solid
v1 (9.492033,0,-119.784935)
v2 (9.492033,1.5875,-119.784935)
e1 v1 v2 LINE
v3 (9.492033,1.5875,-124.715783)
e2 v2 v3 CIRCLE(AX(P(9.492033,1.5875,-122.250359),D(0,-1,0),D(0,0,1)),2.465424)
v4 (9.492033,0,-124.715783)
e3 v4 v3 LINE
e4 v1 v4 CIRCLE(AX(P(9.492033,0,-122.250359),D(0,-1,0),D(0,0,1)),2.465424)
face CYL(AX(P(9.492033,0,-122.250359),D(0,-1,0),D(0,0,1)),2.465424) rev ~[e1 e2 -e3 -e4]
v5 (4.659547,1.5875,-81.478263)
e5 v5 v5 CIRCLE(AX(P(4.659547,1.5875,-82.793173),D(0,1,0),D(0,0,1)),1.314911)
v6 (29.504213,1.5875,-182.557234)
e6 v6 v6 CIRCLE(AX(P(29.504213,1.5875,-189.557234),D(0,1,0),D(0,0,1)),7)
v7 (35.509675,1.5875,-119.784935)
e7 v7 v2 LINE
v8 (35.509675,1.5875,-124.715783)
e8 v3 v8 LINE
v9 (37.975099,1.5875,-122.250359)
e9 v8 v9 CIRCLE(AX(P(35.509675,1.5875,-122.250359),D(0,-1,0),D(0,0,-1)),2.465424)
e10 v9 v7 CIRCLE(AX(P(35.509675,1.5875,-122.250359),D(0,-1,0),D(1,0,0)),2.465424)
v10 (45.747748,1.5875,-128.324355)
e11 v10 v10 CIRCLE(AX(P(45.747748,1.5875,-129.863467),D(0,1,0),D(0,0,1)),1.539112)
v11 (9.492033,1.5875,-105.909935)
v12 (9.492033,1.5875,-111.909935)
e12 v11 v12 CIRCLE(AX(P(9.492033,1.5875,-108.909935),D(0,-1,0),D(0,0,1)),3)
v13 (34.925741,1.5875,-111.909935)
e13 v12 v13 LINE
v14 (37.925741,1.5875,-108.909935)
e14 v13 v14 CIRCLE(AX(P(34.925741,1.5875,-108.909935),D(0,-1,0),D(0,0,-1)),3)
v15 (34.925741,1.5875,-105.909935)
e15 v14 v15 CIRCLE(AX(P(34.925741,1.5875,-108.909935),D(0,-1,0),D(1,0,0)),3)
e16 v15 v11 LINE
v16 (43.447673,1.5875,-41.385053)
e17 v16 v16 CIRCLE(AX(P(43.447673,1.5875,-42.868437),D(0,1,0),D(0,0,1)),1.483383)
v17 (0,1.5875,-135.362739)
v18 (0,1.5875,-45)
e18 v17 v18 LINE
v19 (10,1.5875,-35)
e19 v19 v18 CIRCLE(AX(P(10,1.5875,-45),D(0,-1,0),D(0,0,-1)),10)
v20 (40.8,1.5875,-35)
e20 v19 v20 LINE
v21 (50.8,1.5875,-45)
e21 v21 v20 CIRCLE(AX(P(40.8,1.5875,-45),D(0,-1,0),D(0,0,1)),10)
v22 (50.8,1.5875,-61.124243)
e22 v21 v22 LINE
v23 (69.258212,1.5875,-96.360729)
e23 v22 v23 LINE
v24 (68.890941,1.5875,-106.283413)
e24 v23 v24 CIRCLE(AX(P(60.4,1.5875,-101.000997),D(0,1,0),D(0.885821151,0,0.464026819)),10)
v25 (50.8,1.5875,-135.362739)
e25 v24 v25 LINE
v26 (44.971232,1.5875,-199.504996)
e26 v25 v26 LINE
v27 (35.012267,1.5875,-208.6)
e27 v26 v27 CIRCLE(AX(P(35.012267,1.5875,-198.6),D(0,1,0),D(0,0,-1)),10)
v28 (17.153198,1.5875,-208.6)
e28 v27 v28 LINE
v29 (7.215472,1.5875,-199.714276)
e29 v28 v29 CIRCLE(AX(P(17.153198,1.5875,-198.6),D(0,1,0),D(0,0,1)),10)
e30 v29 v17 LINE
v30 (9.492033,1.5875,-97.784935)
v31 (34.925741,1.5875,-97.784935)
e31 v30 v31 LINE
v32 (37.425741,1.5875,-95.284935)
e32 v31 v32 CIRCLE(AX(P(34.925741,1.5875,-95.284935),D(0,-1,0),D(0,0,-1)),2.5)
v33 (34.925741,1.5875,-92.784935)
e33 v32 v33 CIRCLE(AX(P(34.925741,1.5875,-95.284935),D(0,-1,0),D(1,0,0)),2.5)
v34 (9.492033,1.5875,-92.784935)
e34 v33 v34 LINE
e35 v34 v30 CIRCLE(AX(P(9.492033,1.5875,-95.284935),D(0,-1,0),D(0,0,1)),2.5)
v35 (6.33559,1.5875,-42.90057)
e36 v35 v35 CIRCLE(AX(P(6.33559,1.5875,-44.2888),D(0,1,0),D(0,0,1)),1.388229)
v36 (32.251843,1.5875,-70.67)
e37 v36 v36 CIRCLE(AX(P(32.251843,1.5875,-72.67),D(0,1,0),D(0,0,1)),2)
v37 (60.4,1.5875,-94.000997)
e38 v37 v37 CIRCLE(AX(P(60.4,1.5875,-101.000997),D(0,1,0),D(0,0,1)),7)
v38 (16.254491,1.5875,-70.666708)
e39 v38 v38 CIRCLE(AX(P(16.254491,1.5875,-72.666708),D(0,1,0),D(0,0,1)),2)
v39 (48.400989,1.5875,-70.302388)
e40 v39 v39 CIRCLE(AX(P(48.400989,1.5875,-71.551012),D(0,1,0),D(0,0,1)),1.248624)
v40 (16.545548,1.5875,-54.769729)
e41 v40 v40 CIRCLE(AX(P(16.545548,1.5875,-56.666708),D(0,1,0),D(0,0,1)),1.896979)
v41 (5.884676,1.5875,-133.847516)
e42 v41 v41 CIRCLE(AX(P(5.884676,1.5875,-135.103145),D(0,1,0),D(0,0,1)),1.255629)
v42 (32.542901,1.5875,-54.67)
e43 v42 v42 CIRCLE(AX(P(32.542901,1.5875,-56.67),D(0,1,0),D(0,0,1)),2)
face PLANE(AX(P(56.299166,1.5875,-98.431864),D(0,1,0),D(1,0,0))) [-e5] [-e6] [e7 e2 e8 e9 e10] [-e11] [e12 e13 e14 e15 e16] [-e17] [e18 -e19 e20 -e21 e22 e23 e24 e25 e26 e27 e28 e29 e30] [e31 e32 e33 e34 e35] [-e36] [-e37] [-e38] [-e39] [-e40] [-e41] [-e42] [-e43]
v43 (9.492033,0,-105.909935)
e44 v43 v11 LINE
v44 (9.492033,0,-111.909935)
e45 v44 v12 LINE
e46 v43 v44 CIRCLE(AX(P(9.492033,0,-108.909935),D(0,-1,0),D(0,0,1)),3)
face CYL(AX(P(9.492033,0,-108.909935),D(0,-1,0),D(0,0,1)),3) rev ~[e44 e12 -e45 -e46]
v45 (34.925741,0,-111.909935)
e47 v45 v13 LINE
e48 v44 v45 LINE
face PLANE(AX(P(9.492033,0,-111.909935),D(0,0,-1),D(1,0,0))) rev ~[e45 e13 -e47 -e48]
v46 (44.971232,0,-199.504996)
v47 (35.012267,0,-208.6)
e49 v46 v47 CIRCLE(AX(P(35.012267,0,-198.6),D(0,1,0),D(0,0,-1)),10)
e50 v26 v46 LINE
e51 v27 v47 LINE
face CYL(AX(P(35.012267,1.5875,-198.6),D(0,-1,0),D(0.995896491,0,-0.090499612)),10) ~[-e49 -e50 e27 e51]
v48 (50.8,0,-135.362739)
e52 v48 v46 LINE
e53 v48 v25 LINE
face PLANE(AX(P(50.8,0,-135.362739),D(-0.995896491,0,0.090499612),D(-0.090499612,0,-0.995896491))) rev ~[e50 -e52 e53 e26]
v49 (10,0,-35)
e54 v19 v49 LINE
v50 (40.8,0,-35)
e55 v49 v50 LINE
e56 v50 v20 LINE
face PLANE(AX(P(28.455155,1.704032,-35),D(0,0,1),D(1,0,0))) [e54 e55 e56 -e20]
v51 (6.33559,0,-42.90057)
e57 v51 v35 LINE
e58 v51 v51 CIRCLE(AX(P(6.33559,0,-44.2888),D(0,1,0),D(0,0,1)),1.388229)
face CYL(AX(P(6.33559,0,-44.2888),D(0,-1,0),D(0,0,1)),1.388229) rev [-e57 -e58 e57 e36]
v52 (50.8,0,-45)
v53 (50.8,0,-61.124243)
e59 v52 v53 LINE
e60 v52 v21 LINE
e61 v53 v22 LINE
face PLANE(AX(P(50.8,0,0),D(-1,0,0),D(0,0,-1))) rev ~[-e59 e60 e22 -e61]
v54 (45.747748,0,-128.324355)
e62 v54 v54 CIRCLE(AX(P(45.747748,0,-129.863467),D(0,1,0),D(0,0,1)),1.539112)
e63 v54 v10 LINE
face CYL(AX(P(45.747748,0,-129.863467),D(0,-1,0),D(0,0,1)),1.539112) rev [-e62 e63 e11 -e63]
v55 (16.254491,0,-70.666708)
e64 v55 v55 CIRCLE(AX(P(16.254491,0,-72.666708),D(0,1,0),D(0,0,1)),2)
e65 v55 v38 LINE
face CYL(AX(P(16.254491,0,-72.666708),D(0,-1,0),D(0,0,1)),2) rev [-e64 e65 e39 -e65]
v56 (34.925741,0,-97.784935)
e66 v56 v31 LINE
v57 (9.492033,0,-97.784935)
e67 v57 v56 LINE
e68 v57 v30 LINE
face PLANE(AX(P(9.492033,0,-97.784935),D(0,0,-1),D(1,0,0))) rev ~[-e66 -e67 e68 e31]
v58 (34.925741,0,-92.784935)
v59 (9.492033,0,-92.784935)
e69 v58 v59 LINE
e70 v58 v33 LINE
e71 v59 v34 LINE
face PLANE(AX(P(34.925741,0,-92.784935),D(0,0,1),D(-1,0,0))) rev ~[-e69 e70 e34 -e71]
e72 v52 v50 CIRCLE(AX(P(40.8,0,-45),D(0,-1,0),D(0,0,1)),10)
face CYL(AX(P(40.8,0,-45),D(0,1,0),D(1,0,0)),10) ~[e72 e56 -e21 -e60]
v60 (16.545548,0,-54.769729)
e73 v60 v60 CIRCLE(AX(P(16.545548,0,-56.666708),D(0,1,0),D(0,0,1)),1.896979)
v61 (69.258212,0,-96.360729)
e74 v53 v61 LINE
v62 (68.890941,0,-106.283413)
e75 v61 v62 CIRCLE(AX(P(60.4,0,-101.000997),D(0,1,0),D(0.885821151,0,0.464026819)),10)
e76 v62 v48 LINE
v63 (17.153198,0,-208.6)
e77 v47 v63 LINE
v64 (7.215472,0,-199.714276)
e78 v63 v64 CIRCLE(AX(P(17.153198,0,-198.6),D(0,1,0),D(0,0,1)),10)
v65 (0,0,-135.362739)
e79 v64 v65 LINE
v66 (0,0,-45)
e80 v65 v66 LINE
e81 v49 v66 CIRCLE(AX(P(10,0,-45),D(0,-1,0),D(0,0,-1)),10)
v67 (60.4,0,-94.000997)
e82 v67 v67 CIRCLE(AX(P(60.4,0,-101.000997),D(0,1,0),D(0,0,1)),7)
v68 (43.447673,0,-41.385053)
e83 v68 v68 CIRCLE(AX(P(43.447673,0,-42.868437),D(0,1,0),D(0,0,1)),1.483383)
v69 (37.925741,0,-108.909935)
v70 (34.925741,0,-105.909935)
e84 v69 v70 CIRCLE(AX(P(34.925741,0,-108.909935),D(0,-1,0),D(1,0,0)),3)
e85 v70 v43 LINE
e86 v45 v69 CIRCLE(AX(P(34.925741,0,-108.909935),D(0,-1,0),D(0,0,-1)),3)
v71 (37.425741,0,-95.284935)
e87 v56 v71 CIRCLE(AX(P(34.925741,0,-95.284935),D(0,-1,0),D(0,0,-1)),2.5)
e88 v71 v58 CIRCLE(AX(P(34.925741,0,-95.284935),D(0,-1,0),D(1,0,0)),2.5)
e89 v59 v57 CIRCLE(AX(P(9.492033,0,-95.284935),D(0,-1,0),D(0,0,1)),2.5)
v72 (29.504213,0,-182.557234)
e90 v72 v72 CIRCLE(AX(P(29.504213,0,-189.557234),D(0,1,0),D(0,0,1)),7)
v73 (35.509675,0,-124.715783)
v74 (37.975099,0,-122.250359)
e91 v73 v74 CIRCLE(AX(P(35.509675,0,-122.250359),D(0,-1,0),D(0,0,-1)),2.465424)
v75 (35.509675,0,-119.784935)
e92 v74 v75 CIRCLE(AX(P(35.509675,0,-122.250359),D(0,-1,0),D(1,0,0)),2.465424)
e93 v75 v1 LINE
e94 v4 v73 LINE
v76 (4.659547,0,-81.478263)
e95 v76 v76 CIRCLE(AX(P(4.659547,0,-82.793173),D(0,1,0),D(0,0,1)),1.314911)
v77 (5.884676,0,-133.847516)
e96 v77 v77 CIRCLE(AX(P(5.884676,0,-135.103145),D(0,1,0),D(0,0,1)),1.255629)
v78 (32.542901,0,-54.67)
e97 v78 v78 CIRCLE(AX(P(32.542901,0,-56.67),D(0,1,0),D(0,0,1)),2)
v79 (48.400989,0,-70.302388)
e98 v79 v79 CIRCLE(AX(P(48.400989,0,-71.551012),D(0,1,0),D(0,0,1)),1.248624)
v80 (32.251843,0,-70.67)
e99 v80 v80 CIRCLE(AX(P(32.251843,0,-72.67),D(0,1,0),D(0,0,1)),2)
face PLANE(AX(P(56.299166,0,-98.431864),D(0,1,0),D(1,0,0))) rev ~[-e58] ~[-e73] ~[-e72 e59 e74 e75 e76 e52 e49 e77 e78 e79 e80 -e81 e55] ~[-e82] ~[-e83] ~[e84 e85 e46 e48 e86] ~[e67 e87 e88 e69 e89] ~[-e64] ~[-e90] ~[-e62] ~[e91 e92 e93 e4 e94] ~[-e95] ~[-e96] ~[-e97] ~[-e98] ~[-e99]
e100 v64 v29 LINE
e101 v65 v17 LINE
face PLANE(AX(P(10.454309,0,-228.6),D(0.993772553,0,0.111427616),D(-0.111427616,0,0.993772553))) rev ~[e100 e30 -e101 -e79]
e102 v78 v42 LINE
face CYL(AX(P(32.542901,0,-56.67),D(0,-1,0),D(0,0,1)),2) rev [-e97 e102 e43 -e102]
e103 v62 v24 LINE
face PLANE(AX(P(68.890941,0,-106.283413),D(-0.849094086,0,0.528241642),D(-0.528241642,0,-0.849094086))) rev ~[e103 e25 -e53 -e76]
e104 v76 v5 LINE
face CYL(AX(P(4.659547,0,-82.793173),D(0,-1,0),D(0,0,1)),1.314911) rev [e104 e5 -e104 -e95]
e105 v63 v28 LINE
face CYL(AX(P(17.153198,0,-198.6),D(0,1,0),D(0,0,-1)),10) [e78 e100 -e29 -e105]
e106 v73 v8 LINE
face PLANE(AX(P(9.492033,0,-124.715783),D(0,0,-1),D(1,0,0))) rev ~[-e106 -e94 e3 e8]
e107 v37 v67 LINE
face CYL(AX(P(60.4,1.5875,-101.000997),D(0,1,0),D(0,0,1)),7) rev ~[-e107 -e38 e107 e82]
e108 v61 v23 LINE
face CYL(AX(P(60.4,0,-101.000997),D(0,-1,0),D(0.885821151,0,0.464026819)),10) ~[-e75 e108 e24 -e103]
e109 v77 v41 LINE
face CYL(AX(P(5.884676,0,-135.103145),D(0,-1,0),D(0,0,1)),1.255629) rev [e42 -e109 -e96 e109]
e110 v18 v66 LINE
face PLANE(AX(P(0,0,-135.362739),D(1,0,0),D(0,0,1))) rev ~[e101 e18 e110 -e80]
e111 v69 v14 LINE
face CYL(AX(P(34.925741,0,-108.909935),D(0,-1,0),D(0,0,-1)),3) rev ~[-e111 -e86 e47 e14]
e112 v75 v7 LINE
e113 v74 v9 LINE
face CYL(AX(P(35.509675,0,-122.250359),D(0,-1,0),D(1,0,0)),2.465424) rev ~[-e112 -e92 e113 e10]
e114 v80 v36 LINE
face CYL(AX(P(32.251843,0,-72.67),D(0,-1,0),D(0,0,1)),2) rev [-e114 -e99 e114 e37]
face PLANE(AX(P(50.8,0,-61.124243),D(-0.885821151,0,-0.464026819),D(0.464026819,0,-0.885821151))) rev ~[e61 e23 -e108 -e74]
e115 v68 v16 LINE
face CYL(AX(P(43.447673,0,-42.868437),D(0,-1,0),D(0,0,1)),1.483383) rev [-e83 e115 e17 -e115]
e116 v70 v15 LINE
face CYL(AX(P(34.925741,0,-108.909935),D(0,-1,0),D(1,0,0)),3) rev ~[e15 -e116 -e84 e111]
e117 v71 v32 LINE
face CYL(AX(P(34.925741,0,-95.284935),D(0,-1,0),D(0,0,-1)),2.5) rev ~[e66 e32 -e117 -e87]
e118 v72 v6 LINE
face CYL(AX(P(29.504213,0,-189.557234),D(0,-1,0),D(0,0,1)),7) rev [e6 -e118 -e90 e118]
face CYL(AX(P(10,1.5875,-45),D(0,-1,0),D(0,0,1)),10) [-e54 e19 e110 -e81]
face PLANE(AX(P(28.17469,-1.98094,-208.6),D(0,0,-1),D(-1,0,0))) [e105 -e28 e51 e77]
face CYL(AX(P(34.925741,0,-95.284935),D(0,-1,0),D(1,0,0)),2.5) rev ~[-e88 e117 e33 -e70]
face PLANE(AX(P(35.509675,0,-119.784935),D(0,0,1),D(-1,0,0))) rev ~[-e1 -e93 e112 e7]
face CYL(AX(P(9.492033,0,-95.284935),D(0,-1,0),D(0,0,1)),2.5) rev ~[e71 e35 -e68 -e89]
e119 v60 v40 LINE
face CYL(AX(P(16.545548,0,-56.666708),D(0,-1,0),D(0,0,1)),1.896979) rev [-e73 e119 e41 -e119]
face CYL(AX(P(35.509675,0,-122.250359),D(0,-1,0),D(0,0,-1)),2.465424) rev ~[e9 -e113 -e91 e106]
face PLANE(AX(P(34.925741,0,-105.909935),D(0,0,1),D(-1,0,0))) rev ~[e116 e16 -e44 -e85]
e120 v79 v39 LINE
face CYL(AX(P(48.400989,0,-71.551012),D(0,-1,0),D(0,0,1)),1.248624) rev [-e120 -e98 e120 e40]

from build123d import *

# Parameters (mm, degrees)
SKETCH1_R           = 1.388229101
SKETCH1_R_2         = 1.896979128
SKETCH1_R_3         = 2
SKETCH1_R_4         = 1.314910669
SKETCH1_R_5         = 1.483383261
SKETCH1_R_6         = 1.248623853
SKETCH1_R_7         = 1.255629307
SKETCH1_R_8         = 7
SKETCH1_R_9         = 1.53911217
BOSS_EXTRUDE1_DEPTH = 1.5875
SKETCH4_W           = 66.272407177
SKETCH4_H           = 27.800260981
CUT_EXTRUDE2_DEPTH  = 20
FILLET3_R           = 10
FILLET4_R           = 10
BOSS_EXTRUDE3_START = -1.5875
BOSS_EXTRUDE3_DEPTH = 1.5875
SKETCH7_R           = 7
CUT_EXTRUDE3_DEPTH  = 1.5875
SKETCH8_W           = 100.106183873
SKETCH8_H           = 60.21728362
CUT_EXTRUDE4_DEPTH  = 35
FILLET5_R           = 10


with BuildPart() as part:
    # Sketch1 → Boss-Extrude1 (new body)
    with BuildSketch(Plane(origin=(0, 0, 0), x_dir=(1, 0, 0), z_dir=(0, 1, 0))):
        with BuildLine():
            Line((42.32729629, 228.6), (10.454309325, 228.6))
            Line((10.454309325, 228.6), (0, 135.362739137))
            Line((0, 135.362739137), (0, 0))
            Line((0, 0), (24.327009544, 0))
            Line((24.327009544, 0), (50.8, 0))
            Line((50.8, 0), (50.8, 64.87909603))
            Line((50.8, 64.87909603), (50.8, 87.423477361))
            Line((50.8, 87.423477361), (50.8, 98.200996728))
            ThreePointArc((50.8, 98.200996728), (50.4, 101.000996728), (50.8, 103.800996728))
            Line((50.8, 103.800996728), (50.8, 104.488200565))
            Line((50.8, 104.488200565), (50.8, 120.619222808))
            Line((50.8, 120.619222808), (50.8, 135.362739137))
            Line((50.8, 135.362739137), (42.32729629, 228.6))
        make_face()
        with Locations(Location((6.335590122, 44.288799513, 0), (0, 0, 270))):
            Circle(SKETCH1_R, mode=Mode.SUBTRACT)
        with Locations(Location((16.545548495, 56.66670766, 0), (0, 0, 270))):
            Circle(SKETCH1_R_2, mode=Mode.SUBTRACT)
        with Locations(Location((32.542900948, 56.67, 0), (0, 0, 270))):
            Circle(SKETCH1_R_3, mode=Mode.SUBTRACT)
        with Locations(Location((4.659546827, 82.793173401, 0), (0, 0, 270))):
            Circle(SKETCH1_R_4, mode=Mode.SUBTRACT)
        with Locations(Location((16.254490953, 72.66670766, 0), (0, 0, 270))):
            Circle(SKETCH1_R_3, mode=Mode.SUBTRACT)
        with Locations(Location((32.251843406, 72.67, 0), (0, 0, 270))):
            Circle(SKETCH1_R_3, mode=Mode.SUBTRACT)
        with BuildLine():
            Line((34.925740903, 92.78493524), (9.492033273, 92.78493524))
            ThreePointArc((9.492033273, 92.78493524), (6.992033273, 95.28493524), (9.492033273, 97.78493524))
            Line((9.492033273, 97.78493524), (34.925740903, 97.78493524))
            ThreePointArc((34.925740903, 97.78493524), (36.693507856, 97.052702193), (37.425740903, 95.28493524))
            ThreePointArc((37.425740903, 95.28493524), (36.693507856, 93.517168287), (34.925740903, 92.78493524))
        make_face(mode=Mode.SUBTRACT)
        with BuildLine():
            Line((34.925740903, 105.90993524), (9.492033273, 105.90993524))
            ThreePointArc((9.492033273, 105.90993524), (6.492033273, 108.90993524), (9.492033273, 111.90993524))
            Line((9.492033273, 111.90993524), (34.925740903, 111.90993524))
            ThreePointArc((34.925740903, 111.90993524), (37.047061246, 111.031255584), (37.925740903, 108.90993524))
            ThreePointArc((37.925740903, 108.90993524), (37.047061246, 106.788614896), (34.925740903, 105.90993524))
        make_face(mode=Mode.SUBTRACT)
        with Locations(Location((43.447673368, 42.868436544, 0), (0, 0, 270))):
            Circle(SKETCH1_R_5, mode=Mode.SUBTRACT)
        with Locations(Location((48.400988852, 71.551011715, 0), (0, 0, 270))):
            Circle(SKETCH1_R_6, mode=Mode.SUBTRACT)
        with Locations(Location((5.88467603, 135.103145298, 0), (0, 0, 270))):
            Circle(SKETCH1_R_7, mode=Mode.SUBTRACT)
        with BuildLine():
            Line((35.509675341, 119.784935244), (9.492033273, 119.784935244))
            ThreePointArc((9.492033273, 119.784935244), (7.026609419, 122.250359097), (9.492033273, 124.71578295))
            Line((9.492033273, 124.71578295), (35.509675341, 124.71578295))
            ThreePointArc((35.509675341, 124.71578295), (37.252993266, 123.993677022), (37.975099194, 122.250359097))
            ThreePointArc((37.975099194, 122.250359097), (37.252993266, 120.507041172), (35.509675341, 119.784935244))
        make_face(mode=Mode.SUBTRACT)
        with Locations(Location((29.504213454, 189.557234372, 0), (0, 0, 270))):
            Circle(SKETCH1_R_8, mode=Mode.SUBTRACT)
        with Locations(Location((45.747747887, 129.863467374, 0), (0, 0, 270))):
            Circle(SKETCH1_R_9, mode=Mode.SUBTRACT)
    extrude(amount=BOSS_EXTRUDE1_DEPTH)

    # Sketch4 → Cut-Extrude2 (cut)
    with BuildSketch(Plane(origin=(0, 0, -228.6), x_dir=(-1, 0, 0), z_dir=(0, 0, -1))):
        with Locations((-28.174690156, -1.980940155)):
            Rectangle(SKETCH4_W, SKETCH4_H)
    extrude(amount=-CUT_EXTRUDE2_DEPTH, mode=Mode.SUBTRACT)

    # Fillet3
    fillet3_edges = [part.edges().sort_by_distance(p)[0] for p in [
        (44.144746445, 0.79375, -208.6),
    ]]
    fillet(fillet3_edges, radius=FILLET3_R)

    # Fillet4
    fillet4_edges = [part.edges().sort_by_distance(p)[0] for p in [
        (50.8, 0.79375, 0),
        (0, 0.79375, 0),
        (8.211791854, 0.79375, -208.6),
    ]]
    fillet(fillet4_edges, radius=FILLET4_R)

    # Sketch6 → Boss-Extrude3 (add)
    with BuildSketch(Plane(origin=(0, 1.5875, 0), x_dir=(1, 0, 0), z_dir=(0, 1, 0)).offset(BOSS_EXTRUDE3_START)):
        with BuildLine():
            Line((50.8, 135.362739137), (50.8, 103.800996728))
            ThreePointArc((50.8, 103.800996728), (50.4, 101.000996728), (50.8, 98.200996728))
            Line((50.8, 98.200996728), (50.8, 61.124243317))
            Line((50.8, 61.124243317), (69.258211507, 96.360728536))
            ThreePointArc((69.258211507, 96.360728536), (70.393157133, 101.370875786), (68.890940865, 106.283413148))
            Line((68.890940865, 106.283413148), (50.8, 135.362739137))
        make_face()
    extrude(amount=BOSS_EXTRUDE3_DEPTH)

    # Sketch7 → Cut-Extrude3 (cut)
    with BuildSketch(Plane(origin=(0, 1.5875, 0), x_dir=(1, 0, 0), z_dir=(0, 1, 0))):
        with Locations(Location((60.4, 101.000996728, 0), (0, 0, 270))):
            Circle(SKETCH7_R)
    extrude(amount=-CUT_EXTRUDE3_DEPTH, mode=Mode.SUBTRACT)

    # Sketch8 → Cut-Extrude4 (cut)
    with BuildSketch(Plane.XY):
        with Locations((28.455154517, 1.704032249)):
            Rectangle(SKETCH8_W, SKETCH8_H)
    extrude(amount=-CUT_EXTRUDE4_DEPTH, mode=Mode.SUBTRACT)

    # Fillet5
    fillet5_edges = [part.edges().sort_by_distance(p)[0] for p in [
        (0, 0.79375, -35),
        (50.8, 0.79375, -35),
    ]]
    fillet(fillet5_edges, radius=FILLET5_R)


solid = part.part
